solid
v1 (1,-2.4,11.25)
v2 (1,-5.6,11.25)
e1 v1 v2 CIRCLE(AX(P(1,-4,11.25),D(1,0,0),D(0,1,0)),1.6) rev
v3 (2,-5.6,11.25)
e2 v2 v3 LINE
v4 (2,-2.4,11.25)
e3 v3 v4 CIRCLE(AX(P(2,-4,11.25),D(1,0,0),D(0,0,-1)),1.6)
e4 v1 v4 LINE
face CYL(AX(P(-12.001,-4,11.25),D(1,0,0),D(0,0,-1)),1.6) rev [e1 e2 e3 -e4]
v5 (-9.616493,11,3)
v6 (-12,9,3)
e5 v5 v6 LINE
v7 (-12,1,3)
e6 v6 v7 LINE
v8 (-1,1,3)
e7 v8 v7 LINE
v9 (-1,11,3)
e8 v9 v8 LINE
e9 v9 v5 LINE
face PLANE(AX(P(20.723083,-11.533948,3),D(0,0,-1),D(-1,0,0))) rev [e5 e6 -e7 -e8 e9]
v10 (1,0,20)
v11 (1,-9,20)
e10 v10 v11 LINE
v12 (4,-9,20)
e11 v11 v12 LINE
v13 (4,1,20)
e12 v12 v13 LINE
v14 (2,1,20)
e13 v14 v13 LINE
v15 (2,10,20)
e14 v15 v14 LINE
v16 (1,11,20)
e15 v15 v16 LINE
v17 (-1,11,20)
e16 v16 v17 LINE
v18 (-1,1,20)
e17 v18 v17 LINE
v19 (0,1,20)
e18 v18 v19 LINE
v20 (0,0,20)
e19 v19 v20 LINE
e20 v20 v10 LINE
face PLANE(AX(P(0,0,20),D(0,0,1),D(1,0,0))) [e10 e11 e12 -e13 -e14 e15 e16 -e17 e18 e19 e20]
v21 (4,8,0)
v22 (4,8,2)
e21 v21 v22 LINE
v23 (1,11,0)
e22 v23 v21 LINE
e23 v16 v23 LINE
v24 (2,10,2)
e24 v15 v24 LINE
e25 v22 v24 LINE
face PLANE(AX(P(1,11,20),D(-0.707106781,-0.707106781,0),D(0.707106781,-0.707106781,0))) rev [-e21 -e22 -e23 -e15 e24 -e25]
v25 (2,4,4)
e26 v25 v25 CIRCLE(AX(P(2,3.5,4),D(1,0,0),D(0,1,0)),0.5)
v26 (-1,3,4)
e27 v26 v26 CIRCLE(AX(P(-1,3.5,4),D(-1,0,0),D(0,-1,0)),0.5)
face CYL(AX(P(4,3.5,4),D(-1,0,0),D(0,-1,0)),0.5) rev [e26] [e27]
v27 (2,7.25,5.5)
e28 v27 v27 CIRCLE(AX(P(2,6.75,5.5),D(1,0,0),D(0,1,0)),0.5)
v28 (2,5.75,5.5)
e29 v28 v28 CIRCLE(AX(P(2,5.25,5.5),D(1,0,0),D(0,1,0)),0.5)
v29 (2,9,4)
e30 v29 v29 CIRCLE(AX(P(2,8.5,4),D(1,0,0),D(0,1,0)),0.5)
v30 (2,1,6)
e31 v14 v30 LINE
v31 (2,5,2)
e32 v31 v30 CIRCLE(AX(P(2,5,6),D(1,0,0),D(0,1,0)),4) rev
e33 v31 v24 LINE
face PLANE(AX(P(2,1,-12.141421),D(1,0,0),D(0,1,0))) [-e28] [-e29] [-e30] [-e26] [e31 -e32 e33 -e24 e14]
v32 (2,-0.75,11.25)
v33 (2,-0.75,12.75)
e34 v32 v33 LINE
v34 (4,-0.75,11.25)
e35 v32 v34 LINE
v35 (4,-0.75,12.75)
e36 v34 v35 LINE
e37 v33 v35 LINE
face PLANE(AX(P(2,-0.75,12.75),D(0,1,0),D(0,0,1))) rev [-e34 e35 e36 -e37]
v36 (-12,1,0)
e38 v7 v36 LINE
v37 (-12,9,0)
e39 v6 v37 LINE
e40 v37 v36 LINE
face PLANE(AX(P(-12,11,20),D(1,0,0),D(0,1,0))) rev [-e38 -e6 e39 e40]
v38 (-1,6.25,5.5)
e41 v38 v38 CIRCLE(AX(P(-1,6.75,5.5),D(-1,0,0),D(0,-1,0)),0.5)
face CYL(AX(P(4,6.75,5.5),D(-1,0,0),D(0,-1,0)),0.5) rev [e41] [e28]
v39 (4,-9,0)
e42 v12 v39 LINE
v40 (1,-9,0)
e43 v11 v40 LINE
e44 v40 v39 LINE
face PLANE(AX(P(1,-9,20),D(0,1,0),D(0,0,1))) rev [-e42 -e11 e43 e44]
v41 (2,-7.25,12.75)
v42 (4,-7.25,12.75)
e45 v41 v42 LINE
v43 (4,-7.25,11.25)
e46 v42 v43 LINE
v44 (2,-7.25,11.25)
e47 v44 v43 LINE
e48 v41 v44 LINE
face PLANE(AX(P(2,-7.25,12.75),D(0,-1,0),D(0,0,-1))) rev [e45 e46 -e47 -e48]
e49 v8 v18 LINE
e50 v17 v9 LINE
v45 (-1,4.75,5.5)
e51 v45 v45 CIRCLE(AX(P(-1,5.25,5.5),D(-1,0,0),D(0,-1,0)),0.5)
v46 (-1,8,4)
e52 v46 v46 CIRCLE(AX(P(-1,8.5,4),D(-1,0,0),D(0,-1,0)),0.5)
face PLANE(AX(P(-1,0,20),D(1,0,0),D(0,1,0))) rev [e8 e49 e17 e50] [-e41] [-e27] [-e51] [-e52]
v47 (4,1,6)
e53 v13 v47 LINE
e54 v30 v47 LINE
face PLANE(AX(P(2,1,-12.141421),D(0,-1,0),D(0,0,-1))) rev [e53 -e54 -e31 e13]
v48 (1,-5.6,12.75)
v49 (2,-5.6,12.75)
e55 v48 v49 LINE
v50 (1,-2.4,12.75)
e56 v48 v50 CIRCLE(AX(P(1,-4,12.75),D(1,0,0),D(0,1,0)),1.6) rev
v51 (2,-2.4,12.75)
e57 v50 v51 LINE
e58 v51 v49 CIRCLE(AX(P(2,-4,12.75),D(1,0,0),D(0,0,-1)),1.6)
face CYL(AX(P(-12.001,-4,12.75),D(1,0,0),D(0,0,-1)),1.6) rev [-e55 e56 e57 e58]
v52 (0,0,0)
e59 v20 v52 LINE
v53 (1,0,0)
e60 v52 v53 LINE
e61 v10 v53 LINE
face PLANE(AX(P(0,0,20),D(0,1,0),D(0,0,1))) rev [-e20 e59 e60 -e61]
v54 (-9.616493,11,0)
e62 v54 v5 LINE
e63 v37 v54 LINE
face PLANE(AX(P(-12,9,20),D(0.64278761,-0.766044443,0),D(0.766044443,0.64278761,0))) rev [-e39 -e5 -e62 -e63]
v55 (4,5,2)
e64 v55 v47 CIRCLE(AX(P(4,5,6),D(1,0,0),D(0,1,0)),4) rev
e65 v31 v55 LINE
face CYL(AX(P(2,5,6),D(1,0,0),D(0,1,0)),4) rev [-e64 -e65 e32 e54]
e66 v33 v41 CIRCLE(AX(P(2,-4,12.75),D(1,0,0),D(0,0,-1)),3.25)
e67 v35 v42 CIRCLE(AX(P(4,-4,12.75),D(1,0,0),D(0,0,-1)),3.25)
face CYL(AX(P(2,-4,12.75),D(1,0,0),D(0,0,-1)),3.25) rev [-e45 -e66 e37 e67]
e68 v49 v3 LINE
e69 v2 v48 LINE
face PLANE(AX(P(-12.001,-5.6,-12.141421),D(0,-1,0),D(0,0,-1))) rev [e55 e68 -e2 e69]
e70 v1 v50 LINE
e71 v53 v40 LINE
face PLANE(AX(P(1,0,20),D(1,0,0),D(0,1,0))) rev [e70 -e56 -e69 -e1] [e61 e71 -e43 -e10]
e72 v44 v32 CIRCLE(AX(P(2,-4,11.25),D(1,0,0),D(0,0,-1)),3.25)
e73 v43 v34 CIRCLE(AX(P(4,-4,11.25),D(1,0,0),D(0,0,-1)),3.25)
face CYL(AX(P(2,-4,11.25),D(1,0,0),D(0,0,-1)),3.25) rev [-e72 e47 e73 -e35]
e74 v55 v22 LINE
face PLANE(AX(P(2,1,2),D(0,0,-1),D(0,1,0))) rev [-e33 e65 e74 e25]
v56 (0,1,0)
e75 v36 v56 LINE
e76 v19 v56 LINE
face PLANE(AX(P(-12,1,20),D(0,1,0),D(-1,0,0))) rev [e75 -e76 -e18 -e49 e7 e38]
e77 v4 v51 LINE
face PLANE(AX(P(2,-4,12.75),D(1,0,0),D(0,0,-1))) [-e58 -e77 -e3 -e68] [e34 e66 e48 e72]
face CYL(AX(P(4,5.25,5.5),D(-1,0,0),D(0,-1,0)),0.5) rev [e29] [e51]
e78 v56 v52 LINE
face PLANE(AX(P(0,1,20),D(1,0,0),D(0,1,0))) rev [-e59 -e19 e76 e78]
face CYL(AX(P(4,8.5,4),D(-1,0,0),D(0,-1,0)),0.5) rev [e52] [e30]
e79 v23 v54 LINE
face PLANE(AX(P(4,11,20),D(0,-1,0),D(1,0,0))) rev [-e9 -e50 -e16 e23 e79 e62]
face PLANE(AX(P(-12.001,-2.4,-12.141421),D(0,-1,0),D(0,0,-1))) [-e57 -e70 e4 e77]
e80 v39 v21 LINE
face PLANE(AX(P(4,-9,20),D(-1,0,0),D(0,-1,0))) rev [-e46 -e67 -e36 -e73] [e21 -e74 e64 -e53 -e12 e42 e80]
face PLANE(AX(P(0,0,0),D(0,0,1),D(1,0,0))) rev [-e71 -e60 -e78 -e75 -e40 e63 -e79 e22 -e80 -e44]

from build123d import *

# Parameters (mm, degrees)
EXTRUDE_1_DEPTH     = 20
SKETCH_2_W          = 17
SKETCH_2_H          = 10
CUT_EXTRUDE_1_DEPTH = 11
CUT_EXTRUDE_2_REACH = 18
CHAMFER_1_SIZE      = 3
CHAMFER_2_SIZE      = 2
CHAMFER_2_SIZE2     = 2.383507185
CUT_EXTRUDE_3_DEPTH = 2
CUT_EXTRUDE_4_DEPTH = 2
SKETCH_5_R          = 0.5
CUT_EXTRUDE_5_DEPTH = 6


with BuildPart() as part:
    # Эскиз1 → Бобышка-Вытянуть1 (new body)
    with BuildSketch(Plane.XY):
        Polygon((0, 0), (1, 0), (1, -9), (4, -9), (4, 11), (-12, 11), (-12, 1), (0, 1), align=None)
    extrude(amount=EXTRUDE_1_DEPTH)

    # Эскиз2 → Вырез-Вытянуть1 (cut)
    with BuildSketch(Plane.ZY.offset(12)):
        with Locations((11.5, 6)):
            Rectangle(SKETCH_2_W, SKETCH_2_H)
    extrude(amount=-CUT_EXTRUDE_1_DEPTH, mode=Mode.SUBTRACT)

    # Эскиз3 → Вырез-Вытянуть2 (cut, up to next)
    with BuildSketch(Plane(origin=(4, 0, 0), x_dir=(0, 0, -1), z_dir=(1, 0, 0)), mode=Mode.PRIVATE) as cut_extrude_2_sk1:
        with BuildLine():
            Line((-12.75, -2.4), (-11.25, -2.4))
            ThreePointArc((-11.25, -2.4), (-9.65, -4), (-11.25, -5.6))
            Line((-11.25, -5.6), (-12.75, -5.6))
            ThreePointArc((-12.75, -5.6), (-14.35, -4), (-12.75, -2.4))
        make_face()
    cut_extrude_2_tool1 = extrude(cut_extrude_2_sk1.sketch, amount=-CUT_EXTRUDE_2_REACH, mode=Mode.PRIVATE) & part.part
    add(cut_extrude_2_tool1.solids().sort_by_distance((4, -4, 12))[0], mode=Mode.SUBTRACT)

    # Фаска1
    chamfer_1_edges = [part.edges().sort_by_distance(p)[0] for p in [
        (4, 11, 10),
    ]]
    chamfer(chamfer_1_edges, length=CHAMFER_1_SIZE)

    # Фаска2
    chamfer_2_edges = [part.edges().sort_by_distance(p)[0] for p in [
        (-12, 11, 1.5),
    ]]
    chamfer_2_side = [part.faces().sort_by_distance(p)[0] for p in [
        (-12, 6, 1.5),
    ]]
    chamfer(chamfer_2_edges, length=CHAMFER_2_SIZE, length2=CHAMFER_2_SIZE2, reference=chamfer_2_side[0])

    # Эскиз3<3> → Вырез-Вытянуть3 (cut)
    with BuildSketch(Plane(origin=(4, 0, 0), x_dir=(0, 0, -1), z_dir=(1, 0, 0))):
        with BuildLine():
            Line((-12.75, -0.75), (-11.25, -0.75))
            ThreePointArc((-11.25, -0.75), (-8, -4), (-11.25, -7.25))
            Line((-11.25, -7.25), (-12.75, -7.25))
            ThreePointArc((-12.75, -7.25), (-16, -4), (-12.75, -0.75))
        make_face()
        with BuildLine():
            Line((-12.75, -2.4), (-11.25, -2.4))
            ThreePointArc((-11.25, -2.4), (-9.65, -4), (-11.25, -5.6))
            Line((-11.25, -5.6), (-12.75, -5.6))
            ThreePointArc((-12.75, -5.6), (-14.35, -4), (-12.75, -2.4))
        make_face(mode=Mode.SUBTRACT)
    extrude(amount=-CUT_EXTRUDE_3_DEPTH, mode=Mode.SUBTRACT)

    # Эскиз4 → Вырез-Вытянуть4 (cut)
    with BuildSketch(Plane(origin=(4, 0, 0), x_dir=(0, 0, -1), z_dir=(1, 0, 0))):
        with BuildLine():
            Line((-20, 1), (-6, 1))
            ThreePointArc((-6, 1), (-3.171572875, 2.171572875), (-2, 5))
            Line((-2, 5), (-2, 11))
            Line((-2, 11), (-20, 11))
            Line((-20, 11), (-20, 10))
            Line((-20, 10), (-20, 1))
        make_face()
    extrude(amount=-CUT_EXTRUDE_4_DEPTH, mode=Mode.SUBTRACT)

    # Эскиз5 → Вырез-Вытянуть5 (cut, through all)
    with BuildSketch(Plane.ZY.offset(1)):
        with Locations((4, 8.5)):
            Circle(SKETCH_5_R)
        with Locations((5.5, 6.75)):
            Circle(SKETCH_5_R)
        with Locations((5.5, 5.25)):
            Circle(SKETCH_5_R)
        with Locations((4, 3.5)):
            Circle(SKETCH_5_R)
    extrude(amount=-CUT_EXTRUDE_5_DEPTH, mode=Mode.SUBTRACT)


solid = part.part
